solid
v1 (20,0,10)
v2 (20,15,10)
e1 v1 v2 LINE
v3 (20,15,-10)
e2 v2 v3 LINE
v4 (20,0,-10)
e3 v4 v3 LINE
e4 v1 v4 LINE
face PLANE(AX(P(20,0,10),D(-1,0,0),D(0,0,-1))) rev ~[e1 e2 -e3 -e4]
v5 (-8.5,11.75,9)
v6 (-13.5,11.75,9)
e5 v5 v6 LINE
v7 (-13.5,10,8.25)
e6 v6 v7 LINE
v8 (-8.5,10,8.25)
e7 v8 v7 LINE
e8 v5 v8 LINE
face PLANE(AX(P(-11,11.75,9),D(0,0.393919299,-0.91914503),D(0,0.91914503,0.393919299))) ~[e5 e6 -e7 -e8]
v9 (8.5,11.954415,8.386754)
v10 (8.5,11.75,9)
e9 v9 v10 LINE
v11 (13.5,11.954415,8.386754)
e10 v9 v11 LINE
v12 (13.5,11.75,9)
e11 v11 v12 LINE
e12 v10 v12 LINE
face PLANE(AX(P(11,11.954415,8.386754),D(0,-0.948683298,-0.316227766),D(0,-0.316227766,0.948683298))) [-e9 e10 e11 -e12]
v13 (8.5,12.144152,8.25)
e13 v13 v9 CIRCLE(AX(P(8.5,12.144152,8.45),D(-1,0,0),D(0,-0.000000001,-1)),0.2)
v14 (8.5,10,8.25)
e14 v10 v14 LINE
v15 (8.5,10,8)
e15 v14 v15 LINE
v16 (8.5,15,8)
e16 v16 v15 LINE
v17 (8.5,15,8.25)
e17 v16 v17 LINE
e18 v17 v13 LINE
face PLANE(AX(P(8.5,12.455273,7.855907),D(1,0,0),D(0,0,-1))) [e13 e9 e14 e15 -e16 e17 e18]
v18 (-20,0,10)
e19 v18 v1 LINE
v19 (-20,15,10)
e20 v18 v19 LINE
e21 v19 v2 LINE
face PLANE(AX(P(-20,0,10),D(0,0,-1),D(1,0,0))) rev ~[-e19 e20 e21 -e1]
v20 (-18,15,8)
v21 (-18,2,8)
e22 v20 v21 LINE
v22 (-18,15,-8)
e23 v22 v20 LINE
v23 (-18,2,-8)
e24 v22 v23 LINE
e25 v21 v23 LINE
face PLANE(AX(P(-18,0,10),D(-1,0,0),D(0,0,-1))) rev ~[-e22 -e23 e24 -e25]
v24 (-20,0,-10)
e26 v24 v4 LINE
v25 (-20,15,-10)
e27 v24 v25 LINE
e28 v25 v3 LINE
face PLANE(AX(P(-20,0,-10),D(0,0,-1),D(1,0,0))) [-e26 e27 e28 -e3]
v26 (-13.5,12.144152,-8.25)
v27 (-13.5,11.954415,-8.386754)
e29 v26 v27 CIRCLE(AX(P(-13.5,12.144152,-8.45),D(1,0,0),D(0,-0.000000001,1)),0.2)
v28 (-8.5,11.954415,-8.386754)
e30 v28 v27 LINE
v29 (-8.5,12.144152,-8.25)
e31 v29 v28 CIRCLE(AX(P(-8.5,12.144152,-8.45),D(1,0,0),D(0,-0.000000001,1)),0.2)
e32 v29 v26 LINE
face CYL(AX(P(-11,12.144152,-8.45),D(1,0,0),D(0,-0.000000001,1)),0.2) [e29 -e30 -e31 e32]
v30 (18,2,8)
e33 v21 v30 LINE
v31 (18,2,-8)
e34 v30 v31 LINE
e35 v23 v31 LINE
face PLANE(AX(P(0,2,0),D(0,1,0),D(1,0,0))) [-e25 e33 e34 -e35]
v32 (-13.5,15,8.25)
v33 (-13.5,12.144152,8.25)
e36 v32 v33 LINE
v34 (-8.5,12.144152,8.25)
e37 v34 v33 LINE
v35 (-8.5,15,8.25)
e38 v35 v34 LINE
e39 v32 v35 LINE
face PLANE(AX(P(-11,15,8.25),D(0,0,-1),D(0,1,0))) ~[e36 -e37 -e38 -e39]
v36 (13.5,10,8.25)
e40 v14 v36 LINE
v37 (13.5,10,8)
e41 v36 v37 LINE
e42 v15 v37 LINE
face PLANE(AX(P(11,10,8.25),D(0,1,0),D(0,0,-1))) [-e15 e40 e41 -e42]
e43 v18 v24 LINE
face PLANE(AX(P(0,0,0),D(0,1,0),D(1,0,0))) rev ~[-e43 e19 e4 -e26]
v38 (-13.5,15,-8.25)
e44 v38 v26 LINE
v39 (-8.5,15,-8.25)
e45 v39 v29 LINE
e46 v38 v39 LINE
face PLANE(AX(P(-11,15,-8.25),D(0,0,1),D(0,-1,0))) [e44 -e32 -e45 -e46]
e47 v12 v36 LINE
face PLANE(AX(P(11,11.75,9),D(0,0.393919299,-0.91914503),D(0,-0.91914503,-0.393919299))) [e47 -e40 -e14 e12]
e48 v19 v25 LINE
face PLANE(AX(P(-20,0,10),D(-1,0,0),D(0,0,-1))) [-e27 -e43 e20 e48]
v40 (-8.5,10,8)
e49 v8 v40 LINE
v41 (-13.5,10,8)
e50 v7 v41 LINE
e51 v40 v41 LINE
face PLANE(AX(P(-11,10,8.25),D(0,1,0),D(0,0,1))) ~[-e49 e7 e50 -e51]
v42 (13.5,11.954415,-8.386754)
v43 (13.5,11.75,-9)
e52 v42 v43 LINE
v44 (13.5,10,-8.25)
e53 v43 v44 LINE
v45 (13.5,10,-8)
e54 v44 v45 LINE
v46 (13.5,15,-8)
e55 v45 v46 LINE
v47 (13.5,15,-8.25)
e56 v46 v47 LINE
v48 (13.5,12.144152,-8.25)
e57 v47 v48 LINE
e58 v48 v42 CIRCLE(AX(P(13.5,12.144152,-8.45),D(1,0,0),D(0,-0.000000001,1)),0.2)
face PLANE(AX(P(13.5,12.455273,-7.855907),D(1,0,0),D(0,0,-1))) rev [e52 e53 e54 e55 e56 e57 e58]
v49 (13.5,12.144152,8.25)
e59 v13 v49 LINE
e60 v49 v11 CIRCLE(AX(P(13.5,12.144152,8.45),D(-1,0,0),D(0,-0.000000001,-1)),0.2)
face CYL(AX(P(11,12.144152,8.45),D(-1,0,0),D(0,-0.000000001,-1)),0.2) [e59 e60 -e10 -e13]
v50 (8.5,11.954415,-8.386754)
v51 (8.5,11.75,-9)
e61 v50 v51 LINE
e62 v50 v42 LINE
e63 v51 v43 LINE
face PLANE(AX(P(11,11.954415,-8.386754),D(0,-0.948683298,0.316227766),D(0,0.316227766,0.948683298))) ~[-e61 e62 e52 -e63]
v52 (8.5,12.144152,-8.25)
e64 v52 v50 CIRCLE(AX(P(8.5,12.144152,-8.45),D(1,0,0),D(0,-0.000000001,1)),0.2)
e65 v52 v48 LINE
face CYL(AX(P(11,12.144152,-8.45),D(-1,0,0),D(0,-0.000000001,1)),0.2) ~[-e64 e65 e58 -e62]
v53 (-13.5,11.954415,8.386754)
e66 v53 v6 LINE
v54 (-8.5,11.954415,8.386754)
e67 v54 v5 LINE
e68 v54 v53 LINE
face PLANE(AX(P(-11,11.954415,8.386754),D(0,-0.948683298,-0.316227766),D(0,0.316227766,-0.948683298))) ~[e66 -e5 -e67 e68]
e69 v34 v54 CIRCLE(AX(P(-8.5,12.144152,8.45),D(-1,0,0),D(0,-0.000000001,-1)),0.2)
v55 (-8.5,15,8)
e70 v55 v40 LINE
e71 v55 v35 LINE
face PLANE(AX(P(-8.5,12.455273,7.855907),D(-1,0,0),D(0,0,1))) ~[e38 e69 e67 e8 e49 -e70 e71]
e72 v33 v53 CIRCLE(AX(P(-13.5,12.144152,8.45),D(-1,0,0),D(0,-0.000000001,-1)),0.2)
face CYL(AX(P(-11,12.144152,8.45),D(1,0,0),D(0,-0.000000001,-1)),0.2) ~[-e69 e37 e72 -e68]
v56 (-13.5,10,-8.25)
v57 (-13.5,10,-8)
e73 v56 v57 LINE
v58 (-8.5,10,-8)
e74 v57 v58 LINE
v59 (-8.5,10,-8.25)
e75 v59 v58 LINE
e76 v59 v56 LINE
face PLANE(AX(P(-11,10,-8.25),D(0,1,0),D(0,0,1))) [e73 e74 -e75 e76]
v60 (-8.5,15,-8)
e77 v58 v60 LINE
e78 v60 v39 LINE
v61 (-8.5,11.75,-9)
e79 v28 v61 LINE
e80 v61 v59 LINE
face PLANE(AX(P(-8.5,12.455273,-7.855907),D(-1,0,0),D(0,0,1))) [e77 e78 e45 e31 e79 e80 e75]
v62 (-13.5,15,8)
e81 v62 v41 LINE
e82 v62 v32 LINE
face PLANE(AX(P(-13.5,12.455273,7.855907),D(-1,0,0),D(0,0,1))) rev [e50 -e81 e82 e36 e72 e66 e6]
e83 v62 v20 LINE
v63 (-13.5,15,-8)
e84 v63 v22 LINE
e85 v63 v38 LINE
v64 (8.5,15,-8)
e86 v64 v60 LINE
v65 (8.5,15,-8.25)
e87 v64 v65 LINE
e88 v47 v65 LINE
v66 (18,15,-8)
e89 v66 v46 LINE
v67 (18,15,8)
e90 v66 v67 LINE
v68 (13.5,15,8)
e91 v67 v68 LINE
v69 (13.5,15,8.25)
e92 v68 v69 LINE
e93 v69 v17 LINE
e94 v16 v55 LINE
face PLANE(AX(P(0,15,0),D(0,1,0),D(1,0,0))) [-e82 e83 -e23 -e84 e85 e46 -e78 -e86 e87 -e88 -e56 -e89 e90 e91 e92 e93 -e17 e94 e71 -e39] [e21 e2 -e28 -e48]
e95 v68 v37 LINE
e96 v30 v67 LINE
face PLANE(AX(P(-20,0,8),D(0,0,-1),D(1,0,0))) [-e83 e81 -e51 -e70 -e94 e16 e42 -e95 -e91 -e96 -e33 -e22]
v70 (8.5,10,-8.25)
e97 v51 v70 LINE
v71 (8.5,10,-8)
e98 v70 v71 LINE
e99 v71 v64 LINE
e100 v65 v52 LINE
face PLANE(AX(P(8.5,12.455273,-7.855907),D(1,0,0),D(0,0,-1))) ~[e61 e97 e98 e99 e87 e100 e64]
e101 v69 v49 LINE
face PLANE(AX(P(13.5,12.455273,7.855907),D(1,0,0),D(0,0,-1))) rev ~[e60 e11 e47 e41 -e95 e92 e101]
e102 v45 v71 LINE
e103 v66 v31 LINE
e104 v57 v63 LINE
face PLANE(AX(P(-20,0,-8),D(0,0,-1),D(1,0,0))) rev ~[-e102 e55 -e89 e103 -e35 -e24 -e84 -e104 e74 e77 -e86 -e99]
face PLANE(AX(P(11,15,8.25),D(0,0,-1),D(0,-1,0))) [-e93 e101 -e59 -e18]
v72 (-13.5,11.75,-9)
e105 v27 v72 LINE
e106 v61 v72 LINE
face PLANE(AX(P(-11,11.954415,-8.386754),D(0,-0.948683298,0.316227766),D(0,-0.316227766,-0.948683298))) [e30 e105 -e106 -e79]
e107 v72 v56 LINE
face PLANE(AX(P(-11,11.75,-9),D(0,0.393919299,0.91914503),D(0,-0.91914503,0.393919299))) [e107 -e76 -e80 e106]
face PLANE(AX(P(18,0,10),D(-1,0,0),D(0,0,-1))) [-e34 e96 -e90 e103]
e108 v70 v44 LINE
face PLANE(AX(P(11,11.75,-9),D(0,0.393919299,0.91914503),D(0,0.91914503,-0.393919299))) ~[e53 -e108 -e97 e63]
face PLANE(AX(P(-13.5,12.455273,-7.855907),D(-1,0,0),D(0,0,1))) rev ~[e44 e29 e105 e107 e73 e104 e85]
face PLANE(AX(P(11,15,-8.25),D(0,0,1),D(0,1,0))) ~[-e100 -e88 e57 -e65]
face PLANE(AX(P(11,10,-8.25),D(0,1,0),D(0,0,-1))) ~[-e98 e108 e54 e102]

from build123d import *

# Parameters (mm, degrees)
SKETCH1_W            = 40
SKETCH1_H            = 20
BOSS_EXTRUDE1_DEPTH  = 15
SHELL2_T             = -2
CUT_EXTRUDE1_START   = -11
CUT_EXTRUDE1_DEPTH   = 2.5
MIRROR2_START        = -11
MIRROR2_COPY_1_DEPTH = 2.5


with BuildPart() as part:
    # Sketch1 → Boss-Extrude1 (new body)
    with BuildSketch(Plane(origin=(0, 0, 0), x_dir=(1, 0, 0), z_dir=(0, 1, 0))):
        Rectangle(SKETCH1_W, SKETCH1_H)
    extrude(amount=BOSS_EXTRUDE1_DEPTH)

    # Shell2
    shell2_openings = [part.faces().sort_by_distance(p)[0] for p in [
        (0, 15, 0),
    ]]
    offset(amount=SHELL2_T, openings=shell2_openings, kind=Kind.INTERSECTION)

    # Sketch2 → Cut-Extrude1 (cut, symmetric)
    with BuildSketch(Plane(origin=(0, 0, 0), x_dir=(0, 0, -1), z_dir=(1, 0, 0)).offset(CUT_EXTRUDE1_START)):
        with BuildLine():
            Line((8.25, 15), (8.25, 12.144151844))
            ThreePointArc((8.25, 12.144151844), (8.287751563, 12.027209787), (8.386754447, 11.954415184))
            Line((8.386754447, 11.954415184), (9, 11.75))
            Line((9, 11.75), (8.25, 10))
            Line((8.25, 10), (7.25, 10))
            Line((7.25, 10), (7.25, 15))
            Line((7.25, 15), (8.25, 15))
        make_face()
    cut_extrude1 = extrude(amount=CUT_EXTRUDE1_DEPTH, both=True, mode=Mode.SUBTRACT)

    # Mirror1: Cut-Extrude1 across plane
    add(cut_extrude1.mirror(Plane(origin=(0, 0, 0), x_dir=(0, 0, 1), z_dir=(1, 0, 0))), mode=Mode.SUBTRACT)

    # Mirror2: Cut-Extrude1 across plane
    add(cut_extrude1.mirror(Plane.XY), mode=Mode.SUBTRACT)

    # Mirror2 copy 1 sketch → Mirror2 copy 1 (cut, symmetric)
    with BuildSketch(Plane.ZY.offset(MIRROR2_START)):
        with BuildLine():
            Line((8.25, 15), (8.25, 12.144151844))
            ThreePointArc((8.25, 12.144151844), (8.287751563, 12.027209787), (8.386754447, 11.954415184))
            Line((8.386754447, 11.954415184), (9, 11.75))
            Line((9, 11.75), (8.25, 10))
            Line((8.25, 10), (7.25, 10))
            Line((7.25, 10), (7.25, 15))
            Line((7.25, 15), (8.25, 15))
        make_face()
    extrude(amount=MIRROR2_COPY_1_DEPTH, both=True, mode=Mode.SUBTRACT)


solid = part.part
